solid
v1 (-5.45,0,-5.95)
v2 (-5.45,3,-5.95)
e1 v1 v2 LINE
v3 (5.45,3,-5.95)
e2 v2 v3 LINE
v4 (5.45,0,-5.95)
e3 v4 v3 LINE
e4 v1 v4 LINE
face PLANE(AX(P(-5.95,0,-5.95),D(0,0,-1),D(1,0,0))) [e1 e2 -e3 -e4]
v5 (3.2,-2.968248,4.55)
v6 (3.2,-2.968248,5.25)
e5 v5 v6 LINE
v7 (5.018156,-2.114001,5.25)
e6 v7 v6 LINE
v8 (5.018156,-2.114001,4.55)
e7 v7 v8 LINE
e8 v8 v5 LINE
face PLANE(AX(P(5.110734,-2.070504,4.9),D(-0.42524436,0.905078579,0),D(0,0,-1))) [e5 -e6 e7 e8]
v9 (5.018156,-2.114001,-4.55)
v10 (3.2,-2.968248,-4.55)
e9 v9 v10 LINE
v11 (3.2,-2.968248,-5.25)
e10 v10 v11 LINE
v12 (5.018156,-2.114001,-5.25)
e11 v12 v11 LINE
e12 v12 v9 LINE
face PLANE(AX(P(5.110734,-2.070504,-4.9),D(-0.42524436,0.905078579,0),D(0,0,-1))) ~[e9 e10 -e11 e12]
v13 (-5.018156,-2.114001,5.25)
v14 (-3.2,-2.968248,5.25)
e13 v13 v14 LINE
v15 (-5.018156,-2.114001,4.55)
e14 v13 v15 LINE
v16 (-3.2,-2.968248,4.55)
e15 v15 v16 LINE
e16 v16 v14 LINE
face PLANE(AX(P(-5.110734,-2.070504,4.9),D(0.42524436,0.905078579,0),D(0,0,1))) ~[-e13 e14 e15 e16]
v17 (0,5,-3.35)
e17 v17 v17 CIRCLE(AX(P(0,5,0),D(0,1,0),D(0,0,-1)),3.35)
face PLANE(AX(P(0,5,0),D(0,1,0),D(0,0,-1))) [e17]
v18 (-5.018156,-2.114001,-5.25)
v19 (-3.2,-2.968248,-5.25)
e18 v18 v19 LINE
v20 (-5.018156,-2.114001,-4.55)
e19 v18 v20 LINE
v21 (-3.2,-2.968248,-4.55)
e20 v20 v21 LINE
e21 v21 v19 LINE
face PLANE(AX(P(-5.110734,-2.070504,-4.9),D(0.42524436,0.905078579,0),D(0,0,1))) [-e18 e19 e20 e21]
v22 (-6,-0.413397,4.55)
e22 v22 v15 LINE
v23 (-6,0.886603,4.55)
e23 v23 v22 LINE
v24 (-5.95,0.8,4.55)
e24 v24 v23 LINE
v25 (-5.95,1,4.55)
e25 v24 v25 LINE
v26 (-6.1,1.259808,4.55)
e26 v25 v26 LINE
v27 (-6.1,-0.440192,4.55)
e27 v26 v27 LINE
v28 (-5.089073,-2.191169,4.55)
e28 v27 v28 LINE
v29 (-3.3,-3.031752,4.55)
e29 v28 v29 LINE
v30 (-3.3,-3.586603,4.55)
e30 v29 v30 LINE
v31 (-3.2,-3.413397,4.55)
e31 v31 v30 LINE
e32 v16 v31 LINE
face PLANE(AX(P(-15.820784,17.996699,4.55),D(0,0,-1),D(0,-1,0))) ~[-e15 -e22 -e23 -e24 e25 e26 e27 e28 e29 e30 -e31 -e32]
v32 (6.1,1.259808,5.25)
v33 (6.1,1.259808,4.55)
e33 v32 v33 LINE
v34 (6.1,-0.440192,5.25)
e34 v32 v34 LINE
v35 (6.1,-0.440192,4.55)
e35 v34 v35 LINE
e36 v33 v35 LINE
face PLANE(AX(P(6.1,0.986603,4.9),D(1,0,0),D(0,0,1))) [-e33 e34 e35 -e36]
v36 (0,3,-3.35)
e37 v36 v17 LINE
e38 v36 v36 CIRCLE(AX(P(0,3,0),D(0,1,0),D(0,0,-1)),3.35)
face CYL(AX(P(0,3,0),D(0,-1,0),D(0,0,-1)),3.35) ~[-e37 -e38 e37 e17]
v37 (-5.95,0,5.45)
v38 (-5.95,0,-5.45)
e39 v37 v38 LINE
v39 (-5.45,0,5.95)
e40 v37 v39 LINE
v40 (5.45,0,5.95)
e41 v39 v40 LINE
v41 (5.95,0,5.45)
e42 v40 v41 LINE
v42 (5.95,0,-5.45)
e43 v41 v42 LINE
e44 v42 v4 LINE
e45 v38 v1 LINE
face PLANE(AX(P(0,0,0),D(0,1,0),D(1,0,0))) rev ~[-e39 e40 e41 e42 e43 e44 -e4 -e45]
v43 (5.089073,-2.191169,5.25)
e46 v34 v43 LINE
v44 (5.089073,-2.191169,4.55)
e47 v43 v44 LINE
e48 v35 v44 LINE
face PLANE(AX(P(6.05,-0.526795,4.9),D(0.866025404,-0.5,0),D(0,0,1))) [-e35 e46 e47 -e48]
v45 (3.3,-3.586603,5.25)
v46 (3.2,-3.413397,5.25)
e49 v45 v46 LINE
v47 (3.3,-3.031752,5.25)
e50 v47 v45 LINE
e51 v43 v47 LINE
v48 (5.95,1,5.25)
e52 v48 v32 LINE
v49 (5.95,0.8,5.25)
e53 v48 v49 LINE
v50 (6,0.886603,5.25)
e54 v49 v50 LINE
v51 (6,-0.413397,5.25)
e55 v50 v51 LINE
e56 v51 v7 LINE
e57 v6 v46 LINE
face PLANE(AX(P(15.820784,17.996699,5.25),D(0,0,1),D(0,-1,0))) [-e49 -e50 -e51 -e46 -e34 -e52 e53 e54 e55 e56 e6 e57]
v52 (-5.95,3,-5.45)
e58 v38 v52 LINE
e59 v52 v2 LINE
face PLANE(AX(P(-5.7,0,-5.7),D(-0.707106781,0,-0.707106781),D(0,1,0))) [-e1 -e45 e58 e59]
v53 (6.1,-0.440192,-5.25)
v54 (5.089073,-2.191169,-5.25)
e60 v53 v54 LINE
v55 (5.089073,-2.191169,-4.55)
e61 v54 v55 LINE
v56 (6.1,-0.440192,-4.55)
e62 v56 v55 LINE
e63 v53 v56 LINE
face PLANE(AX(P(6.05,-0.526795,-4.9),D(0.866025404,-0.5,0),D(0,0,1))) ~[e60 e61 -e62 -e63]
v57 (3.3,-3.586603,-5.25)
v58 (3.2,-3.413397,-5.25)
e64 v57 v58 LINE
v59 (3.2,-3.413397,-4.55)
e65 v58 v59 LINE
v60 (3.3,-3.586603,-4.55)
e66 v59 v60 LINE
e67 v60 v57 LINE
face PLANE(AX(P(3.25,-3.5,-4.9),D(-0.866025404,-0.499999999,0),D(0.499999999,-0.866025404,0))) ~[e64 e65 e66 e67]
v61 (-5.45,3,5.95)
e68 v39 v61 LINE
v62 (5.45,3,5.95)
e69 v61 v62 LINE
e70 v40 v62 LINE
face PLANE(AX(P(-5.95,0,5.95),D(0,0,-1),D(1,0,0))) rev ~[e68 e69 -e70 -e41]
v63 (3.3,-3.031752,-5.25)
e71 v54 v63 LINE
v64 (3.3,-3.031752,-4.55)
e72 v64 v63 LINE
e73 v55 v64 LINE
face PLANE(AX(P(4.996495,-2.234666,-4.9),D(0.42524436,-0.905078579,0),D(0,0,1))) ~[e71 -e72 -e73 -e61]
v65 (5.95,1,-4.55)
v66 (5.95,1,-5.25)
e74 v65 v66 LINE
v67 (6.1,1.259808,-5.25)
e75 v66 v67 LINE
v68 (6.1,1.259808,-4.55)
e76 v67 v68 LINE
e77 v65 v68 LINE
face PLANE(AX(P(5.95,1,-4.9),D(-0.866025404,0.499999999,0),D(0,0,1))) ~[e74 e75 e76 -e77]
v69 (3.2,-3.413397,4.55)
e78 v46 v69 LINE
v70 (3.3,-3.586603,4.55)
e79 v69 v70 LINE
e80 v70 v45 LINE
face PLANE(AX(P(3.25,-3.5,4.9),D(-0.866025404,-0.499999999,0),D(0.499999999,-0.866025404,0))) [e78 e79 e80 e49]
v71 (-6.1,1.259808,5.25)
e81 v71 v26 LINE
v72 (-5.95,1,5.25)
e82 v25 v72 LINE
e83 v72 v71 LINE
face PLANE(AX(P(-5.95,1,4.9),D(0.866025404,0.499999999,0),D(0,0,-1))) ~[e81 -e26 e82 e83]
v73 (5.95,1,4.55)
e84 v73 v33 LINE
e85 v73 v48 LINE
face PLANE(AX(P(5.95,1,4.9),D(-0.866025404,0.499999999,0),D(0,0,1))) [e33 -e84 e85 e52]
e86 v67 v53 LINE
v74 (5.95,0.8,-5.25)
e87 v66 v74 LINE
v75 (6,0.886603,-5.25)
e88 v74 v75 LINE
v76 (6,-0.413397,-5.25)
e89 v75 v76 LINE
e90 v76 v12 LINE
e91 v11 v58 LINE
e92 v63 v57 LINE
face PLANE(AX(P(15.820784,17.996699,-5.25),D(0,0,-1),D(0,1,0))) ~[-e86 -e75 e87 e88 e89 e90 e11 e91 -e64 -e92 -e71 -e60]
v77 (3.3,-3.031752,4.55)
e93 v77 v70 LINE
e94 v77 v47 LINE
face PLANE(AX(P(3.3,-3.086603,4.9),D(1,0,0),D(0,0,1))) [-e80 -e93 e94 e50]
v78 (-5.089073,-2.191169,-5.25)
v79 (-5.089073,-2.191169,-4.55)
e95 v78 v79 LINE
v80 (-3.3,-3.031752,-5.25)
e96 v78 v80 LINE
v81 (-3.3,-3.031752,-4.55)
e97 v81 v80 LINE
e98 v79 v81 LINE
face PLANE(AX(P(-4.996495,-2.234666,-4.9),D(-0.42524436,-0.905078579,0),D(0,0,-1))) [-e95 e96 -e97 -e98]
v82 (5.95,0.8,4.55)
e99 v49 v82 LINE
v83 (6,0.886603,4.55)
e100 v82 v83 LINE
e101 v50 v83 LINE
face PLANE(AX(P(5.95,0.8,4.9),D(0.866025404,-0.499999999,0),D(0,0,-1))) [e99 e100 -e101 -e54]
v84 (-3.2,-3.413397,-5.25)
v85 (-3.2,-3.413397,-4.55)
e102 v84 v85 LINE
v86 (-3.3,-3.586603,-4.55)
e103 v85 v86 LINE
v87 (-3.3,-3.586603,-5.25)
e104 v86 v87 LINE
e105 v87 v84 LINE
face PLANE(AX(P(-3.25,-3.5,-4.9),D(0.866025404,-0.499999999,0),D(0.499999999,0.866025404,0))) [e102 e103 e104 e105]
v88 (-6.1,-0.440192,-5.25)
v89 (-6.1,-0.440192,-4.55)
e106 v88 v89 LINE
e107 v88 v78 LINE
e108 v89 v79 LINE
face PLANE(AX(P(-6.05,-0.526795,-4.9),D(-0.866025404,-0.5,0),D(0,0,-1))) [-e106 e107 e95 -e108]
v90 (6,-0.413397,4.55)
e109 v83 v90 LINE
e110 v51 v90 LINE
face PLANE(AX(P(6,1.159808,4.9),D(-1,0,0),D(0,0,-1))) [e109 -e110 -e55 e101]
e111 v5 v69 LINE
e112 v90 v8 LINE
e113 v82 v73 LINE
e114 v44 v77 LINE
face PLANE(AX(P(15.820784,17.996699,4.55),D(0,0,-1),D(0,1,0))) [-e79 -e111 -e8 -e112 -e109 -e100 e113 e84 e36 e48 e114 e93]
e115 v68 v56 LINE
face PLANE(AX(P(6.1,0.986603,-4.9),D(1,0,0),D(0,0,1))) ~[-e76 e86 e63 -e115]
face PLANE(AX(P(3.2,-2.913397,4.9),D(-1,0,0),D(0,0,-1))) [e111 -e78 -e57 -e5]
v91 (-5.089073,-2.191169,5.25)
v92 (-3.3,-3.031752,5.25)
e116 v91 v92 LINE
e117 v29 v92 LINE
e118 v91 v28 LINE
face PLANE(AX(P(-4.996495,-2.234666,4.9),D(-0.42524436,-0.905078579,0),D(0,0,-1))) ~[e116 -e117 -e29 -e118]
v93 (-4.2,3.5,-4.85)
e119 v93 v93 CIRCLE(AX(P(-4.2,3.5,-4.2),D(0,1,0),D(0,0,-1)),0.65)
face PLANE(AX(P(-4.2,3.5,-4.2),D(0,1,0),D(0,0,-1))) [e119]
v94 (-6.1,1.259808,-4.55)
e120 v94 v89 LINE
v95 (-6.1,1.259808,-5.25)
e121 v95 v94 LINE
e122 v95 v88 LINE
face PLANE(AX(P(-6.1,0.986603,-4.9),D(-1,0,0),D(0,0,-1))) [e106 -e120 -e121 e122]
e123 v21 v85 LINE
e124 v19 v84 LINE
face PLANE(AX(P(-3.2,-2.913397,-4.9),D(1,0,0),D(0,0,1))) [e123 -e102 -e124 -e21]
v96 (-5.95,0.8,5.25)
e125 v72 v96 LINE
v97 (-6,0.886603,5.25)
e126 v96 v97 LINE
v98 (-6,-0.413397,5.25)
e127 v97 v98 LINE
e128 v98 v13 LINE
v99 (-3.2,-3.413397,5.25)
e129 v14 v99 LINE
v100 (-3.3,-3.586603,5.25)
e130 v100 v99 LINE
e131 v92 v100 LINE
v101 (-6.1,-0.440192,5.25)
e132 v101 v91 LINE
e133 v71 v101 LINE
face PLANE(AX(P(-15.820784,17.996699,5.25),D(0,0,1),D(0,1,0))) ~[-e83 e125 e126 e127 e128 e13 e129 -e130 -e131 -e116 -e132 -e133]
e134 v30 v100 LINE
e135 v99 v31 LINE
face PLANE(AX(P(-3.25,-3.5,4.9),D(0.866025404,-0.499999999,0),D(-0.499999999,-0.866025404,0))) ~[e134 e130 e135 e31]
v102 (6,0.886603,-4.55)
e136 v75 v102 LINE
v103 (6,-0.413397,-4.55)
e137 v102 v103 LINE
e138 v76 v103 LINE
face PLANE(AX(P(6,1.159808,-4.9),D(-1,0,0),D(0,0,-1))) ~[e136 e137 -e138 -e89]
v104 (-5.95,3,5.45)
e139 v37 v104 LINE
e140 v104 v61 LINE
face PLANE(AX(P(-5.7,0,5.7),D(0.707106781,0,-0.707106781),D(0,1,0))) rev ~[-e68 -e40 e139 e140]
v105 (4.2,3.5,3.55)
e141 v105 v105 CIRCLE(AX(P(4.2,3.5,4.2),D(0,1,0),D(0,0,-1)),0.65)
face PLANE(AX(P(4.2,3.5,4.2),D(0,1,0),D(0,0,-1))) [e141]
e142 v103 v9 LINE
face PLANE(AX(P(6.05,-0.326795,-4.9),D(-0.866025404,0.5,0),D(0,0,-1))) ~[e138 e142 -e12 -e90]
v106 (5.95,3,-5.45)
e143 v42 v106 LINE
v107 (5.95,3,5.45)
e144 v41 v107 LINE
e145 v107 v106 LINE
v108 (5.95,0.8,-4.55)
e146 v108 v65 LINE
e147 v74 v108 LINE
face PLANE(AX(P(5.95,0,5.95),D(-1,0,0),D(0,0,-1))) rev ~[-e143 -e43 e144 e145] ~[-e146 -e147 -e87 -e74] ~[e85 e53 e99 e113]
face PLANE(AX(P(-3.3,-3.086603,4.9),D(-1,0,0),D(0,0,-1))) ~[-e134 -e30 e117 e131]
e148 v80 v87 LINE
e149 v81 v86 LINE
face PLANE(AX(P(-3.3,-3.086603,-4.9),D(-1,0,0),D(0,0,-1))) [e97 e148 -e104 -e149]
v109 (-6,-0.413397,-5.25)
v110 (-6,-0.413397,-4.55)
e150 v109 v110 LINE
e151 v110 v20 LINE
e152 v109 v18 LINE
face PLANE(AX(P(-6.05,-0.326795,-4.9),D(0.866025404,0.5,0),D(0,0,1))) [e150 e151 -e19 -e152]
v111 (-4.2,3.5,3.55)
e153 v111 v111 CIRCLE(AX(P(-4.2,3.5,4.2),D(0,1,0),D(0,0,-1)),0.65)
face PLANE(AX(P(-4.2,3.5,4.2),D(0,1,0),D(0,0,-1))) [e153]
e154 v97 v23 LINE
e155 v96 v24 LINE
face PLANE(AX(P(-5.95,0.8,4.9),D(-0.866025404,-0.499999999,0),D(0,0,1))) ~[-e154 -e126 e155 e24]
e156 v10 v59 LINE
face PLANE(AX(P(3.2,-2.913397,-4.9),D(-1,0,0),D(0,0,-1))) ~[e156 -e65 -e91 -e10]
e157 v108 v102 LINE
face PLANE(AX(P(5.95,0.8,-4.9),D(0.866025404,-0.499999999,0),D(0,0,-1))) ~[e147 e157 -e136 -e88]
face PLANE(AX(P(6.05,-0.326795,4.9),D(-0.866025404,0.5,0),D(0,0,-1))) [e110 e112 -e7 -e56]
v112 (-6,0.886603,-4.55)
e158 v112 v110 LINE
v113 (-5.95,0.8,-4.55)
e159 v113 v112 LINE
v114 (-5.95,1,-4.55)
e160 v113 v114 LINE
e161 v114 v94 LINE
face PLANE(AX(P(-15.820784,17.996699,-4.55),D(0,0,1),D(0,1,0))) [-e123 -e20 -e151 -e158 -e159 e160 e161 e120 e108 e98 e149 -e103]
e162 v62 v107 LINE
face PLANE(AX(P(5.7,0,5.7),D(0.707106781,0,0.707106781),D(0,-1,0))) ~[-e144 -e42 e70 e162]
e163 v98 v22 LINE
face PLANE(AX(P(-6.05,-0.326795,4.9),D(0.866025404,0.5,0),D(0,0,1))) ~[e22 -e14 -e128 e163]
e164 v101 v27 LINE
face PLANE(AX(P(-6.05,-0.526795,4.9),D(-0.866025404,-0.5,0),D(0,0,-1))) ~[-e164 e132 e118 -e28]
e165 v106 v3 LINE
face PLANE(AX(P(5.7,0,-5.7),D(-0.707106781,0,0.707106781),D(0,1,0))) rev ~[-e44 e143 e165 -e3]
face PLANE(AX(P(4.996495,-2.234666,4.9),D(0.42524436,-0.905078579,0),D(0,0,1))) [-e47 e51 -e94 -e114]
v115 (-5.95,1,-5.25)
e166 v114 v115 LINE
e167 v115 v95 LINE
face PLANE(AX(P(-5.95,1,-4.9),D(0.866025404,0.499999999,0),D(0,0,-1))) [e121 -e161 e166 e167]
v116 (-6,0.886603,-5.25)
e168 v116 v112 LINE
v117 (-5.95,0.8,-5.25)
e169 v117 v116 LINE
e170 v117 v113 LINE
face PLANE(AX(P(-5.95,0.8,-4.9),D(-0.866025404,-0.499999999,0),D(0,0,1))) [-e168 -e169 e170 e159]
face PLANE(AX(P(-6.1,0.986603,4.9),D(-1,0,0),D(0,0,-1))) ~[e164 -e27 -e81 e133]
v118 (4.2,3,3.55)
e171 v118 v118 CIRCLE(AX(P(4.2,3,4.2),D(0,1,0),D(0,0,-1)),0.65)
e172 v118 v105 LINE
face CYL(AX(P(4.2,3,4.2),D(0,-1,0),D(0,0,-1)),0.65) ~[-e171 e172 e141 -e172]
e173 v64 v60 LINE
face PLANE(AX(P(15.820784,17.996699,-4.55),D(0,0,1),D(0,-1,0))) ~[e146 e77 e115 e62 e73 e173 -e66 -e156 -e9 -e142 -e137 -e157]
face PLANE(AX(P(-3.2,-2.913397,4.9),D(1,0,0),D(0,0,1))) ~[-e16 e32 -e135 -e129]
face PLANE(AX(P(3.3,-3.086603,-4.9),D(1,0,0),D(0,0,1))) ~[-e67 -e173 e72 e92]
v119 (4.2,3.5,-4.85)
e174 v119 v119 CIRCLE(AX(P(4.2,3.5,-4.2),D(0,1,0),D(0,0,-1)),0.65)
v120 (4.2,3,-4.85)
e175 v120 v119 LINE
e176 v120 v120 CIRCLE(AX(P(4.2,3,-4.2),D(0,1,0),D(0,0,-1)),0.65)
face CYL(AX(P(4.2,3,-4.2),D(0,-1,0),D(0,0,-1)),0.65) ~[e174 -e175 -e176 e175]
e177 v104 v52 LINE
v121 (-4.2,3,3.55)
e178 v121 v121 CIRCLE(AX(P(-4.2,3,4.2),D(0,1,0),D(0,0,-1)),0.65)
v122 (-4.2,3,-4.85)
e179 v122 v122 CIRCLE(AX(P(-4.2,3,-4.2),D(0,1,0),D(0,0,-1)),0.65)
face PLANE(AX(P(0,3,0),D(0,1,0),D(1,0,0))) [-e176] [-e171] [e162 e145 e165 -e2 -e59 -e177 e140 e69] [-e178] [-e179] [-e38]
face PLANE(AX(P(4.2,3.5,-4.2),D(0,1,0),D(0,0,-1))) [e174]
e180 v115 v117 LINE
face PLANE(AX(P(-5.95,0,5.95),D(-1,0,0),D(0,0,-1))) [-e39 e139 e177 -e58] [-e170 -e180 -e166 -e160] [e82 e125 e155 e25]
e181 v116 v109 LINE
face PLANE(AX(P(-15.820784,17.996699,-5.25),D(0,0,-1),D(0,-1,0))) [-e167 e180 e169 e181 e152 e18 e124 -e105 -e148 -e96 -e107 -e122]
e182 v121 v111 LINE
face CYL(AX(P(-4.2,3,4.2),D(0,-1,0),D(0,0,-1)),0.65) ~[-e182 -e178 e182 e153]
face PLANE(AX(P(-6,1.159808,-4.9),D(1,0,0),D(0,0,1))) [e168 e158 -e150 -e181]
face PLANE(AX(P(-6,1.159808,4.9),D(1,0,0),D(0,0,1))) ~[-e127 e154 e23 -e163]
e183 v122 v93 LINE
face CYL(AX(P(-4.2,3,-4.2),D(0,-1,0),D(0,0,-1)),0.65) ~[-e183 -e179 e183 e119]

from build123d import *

# Parameters (mm, degrees)
SKETCH1_W               = 11.9
SKETCH1_H               = 11.9
BOSS_EXTRUDE1_DEPTH     = 3
CHAMFER1_SIZE           = 0.5
SKETCH3_R               = 3.35
BOSS_EXTRUDE2_DEPTH     = 2
SKETCH4_R               = 0.65
BOSS_EXTRUDE6_DEPTH     = 0.5
SKETCH6_W               = 0.7
SKETCH6_H               = 0.2
MIRROR2_COPY_1_SKETCH_W = 0.7
MIRROR2_COPY_1_SKETCH_H = 0.2


with BuildPart() as part:
    # Sketch1 → Boss-Extrude1 (new body)
    with BuildSketch(Plane(origin=(0, 0, 0), x_dir=(1, 0, 0), z_dir=(0, 1, 0))):
        Rectangle(SKETCH1_W, SKETCH1_H)
    extrude(amount=BOSS_EXTRUDE1_DEPTH)

    # Chamfer1
    chamfer1_edges = [part.edges().sort_by_distance(p)[0] for p in [
        (5.95, 1.5, 5.95),
        (-5.95, 1.5, 5.95),
        (-5.95, 1.5, -5.95),
        (5.95, 1.5, -5.95),
    ]]
    chamfer(chamfer1_edges, length=CHAMFER1_SIZE)

    # Sketch3 → Boss-Extrude2 (add)
    with BuildSketch(Plane(origin=(0, 3, 0), x_dir=(1, 0, 0), z_dir=(0, 1, 0))):
        with Locations(Location((0, 0, 0), (0, 0, 90))):
            Circle(SKETCH3_R)
    extrude(amount=BOSS_EXTRUDE2_DEPTH)

    # Sketch4 → Boss-Extrude6 (add)
    with BuildSketch(Plane(origin=(0, 3, 0), x_dir=(1, 0, 0), z_dir=(0, 1, 0))):
        with Locations(Location((4.2, 4.2, 0), (0, 0, 90))):
            Circle(SKETCH4_R)
        with Locations(Location((4.2, -4.2, 0), (0, 0, 90))):
            Circle(SKETCH4_R)
        with Locations(Location((-4.2, 4.2, 0), (0, 0, 90))):
            Circle(SKETCH4_R)
        with Locations(Location((-4.2, -4.2, 0), (0, 0, 90))):
            Circle(SKETCH4_R)
    extrude(amount=BOSS_EXTRUDE6_DEPTH)

    # Sweep1: sweep along a path in Sketch7
    with BuildLine(Plane.XY) as sweep1_path:
        Line((-5.95, 0.9), (-6.05, 1.073205081))
        Line((-6.05, 1.073205081), (-6.05, -0.426794919))
        Line((-6.05, -0.426794919), (-5.053614445, -2.152585325))
        Line((-5.053614445, -2.152585325), (-3.25, -3))
        Line((-3.25, -3), (-3.25, -3.5))
    # Sketch6 → Sweep1 (sweep)
    with BuildSketch(Plane.ZY.offset(5.95)):
        with Locations((-4.9, 0.9)):
            Rectangle(SKETCH6_W, SKETCH6_H)
    sweep1 = sweep(path=sweep1_path.line, transition=Transition.RIGHT)

    # Mirror1: Sweep1 across plane
    add(sweep1.mirror(Plane.XY))

    # Mirror2: Sweep1 across plane
    add(sweep1.mirror(Plane(origin=(0, 0, 0), x_dir=(0, 0, 1), z_dir=(1, 0, 0))))

    # Mirror2 copy 1: sweep along a path in Mirror2 copy 1 path
    with BuildLine(Plane(origin=(0, 0, 0), x_dir=(-1, 0, 0), z_dir=(0, 0, -1))) as mirror2_copy_1_path:
        Line((-5.95, 0.9), (-6.05, 1.073205081))
        Line((-6.05, 1.073205081), (-6.05, -0.426794919))
        Line((-6.05, -0.426794919), (-5.053614445, -2.152585325))
        Line((-5.053614445, -2.152585325), (-3.25, -3))
        Line((-3.25, -3), (-3.25, -3.5))
    # Mirror2 copy 1 sketch → Mirror2 copy 1 (sweep)
    with BuildSketch(Plane(origin=(5.95, 0, 0), x_dir=(0, 0, -1), z_dir=(1, 0, 0))):
        with Locations((-4.9, 0.9)):
            Rectangle(MIRROR2_COPY_1_SKETCH_W, MIRROR2_COPY_1_SKETCH_H)
    sweep(path=mirror2_copy_1_path.line, transition=Transition.RIGHT)


solid = part.part
